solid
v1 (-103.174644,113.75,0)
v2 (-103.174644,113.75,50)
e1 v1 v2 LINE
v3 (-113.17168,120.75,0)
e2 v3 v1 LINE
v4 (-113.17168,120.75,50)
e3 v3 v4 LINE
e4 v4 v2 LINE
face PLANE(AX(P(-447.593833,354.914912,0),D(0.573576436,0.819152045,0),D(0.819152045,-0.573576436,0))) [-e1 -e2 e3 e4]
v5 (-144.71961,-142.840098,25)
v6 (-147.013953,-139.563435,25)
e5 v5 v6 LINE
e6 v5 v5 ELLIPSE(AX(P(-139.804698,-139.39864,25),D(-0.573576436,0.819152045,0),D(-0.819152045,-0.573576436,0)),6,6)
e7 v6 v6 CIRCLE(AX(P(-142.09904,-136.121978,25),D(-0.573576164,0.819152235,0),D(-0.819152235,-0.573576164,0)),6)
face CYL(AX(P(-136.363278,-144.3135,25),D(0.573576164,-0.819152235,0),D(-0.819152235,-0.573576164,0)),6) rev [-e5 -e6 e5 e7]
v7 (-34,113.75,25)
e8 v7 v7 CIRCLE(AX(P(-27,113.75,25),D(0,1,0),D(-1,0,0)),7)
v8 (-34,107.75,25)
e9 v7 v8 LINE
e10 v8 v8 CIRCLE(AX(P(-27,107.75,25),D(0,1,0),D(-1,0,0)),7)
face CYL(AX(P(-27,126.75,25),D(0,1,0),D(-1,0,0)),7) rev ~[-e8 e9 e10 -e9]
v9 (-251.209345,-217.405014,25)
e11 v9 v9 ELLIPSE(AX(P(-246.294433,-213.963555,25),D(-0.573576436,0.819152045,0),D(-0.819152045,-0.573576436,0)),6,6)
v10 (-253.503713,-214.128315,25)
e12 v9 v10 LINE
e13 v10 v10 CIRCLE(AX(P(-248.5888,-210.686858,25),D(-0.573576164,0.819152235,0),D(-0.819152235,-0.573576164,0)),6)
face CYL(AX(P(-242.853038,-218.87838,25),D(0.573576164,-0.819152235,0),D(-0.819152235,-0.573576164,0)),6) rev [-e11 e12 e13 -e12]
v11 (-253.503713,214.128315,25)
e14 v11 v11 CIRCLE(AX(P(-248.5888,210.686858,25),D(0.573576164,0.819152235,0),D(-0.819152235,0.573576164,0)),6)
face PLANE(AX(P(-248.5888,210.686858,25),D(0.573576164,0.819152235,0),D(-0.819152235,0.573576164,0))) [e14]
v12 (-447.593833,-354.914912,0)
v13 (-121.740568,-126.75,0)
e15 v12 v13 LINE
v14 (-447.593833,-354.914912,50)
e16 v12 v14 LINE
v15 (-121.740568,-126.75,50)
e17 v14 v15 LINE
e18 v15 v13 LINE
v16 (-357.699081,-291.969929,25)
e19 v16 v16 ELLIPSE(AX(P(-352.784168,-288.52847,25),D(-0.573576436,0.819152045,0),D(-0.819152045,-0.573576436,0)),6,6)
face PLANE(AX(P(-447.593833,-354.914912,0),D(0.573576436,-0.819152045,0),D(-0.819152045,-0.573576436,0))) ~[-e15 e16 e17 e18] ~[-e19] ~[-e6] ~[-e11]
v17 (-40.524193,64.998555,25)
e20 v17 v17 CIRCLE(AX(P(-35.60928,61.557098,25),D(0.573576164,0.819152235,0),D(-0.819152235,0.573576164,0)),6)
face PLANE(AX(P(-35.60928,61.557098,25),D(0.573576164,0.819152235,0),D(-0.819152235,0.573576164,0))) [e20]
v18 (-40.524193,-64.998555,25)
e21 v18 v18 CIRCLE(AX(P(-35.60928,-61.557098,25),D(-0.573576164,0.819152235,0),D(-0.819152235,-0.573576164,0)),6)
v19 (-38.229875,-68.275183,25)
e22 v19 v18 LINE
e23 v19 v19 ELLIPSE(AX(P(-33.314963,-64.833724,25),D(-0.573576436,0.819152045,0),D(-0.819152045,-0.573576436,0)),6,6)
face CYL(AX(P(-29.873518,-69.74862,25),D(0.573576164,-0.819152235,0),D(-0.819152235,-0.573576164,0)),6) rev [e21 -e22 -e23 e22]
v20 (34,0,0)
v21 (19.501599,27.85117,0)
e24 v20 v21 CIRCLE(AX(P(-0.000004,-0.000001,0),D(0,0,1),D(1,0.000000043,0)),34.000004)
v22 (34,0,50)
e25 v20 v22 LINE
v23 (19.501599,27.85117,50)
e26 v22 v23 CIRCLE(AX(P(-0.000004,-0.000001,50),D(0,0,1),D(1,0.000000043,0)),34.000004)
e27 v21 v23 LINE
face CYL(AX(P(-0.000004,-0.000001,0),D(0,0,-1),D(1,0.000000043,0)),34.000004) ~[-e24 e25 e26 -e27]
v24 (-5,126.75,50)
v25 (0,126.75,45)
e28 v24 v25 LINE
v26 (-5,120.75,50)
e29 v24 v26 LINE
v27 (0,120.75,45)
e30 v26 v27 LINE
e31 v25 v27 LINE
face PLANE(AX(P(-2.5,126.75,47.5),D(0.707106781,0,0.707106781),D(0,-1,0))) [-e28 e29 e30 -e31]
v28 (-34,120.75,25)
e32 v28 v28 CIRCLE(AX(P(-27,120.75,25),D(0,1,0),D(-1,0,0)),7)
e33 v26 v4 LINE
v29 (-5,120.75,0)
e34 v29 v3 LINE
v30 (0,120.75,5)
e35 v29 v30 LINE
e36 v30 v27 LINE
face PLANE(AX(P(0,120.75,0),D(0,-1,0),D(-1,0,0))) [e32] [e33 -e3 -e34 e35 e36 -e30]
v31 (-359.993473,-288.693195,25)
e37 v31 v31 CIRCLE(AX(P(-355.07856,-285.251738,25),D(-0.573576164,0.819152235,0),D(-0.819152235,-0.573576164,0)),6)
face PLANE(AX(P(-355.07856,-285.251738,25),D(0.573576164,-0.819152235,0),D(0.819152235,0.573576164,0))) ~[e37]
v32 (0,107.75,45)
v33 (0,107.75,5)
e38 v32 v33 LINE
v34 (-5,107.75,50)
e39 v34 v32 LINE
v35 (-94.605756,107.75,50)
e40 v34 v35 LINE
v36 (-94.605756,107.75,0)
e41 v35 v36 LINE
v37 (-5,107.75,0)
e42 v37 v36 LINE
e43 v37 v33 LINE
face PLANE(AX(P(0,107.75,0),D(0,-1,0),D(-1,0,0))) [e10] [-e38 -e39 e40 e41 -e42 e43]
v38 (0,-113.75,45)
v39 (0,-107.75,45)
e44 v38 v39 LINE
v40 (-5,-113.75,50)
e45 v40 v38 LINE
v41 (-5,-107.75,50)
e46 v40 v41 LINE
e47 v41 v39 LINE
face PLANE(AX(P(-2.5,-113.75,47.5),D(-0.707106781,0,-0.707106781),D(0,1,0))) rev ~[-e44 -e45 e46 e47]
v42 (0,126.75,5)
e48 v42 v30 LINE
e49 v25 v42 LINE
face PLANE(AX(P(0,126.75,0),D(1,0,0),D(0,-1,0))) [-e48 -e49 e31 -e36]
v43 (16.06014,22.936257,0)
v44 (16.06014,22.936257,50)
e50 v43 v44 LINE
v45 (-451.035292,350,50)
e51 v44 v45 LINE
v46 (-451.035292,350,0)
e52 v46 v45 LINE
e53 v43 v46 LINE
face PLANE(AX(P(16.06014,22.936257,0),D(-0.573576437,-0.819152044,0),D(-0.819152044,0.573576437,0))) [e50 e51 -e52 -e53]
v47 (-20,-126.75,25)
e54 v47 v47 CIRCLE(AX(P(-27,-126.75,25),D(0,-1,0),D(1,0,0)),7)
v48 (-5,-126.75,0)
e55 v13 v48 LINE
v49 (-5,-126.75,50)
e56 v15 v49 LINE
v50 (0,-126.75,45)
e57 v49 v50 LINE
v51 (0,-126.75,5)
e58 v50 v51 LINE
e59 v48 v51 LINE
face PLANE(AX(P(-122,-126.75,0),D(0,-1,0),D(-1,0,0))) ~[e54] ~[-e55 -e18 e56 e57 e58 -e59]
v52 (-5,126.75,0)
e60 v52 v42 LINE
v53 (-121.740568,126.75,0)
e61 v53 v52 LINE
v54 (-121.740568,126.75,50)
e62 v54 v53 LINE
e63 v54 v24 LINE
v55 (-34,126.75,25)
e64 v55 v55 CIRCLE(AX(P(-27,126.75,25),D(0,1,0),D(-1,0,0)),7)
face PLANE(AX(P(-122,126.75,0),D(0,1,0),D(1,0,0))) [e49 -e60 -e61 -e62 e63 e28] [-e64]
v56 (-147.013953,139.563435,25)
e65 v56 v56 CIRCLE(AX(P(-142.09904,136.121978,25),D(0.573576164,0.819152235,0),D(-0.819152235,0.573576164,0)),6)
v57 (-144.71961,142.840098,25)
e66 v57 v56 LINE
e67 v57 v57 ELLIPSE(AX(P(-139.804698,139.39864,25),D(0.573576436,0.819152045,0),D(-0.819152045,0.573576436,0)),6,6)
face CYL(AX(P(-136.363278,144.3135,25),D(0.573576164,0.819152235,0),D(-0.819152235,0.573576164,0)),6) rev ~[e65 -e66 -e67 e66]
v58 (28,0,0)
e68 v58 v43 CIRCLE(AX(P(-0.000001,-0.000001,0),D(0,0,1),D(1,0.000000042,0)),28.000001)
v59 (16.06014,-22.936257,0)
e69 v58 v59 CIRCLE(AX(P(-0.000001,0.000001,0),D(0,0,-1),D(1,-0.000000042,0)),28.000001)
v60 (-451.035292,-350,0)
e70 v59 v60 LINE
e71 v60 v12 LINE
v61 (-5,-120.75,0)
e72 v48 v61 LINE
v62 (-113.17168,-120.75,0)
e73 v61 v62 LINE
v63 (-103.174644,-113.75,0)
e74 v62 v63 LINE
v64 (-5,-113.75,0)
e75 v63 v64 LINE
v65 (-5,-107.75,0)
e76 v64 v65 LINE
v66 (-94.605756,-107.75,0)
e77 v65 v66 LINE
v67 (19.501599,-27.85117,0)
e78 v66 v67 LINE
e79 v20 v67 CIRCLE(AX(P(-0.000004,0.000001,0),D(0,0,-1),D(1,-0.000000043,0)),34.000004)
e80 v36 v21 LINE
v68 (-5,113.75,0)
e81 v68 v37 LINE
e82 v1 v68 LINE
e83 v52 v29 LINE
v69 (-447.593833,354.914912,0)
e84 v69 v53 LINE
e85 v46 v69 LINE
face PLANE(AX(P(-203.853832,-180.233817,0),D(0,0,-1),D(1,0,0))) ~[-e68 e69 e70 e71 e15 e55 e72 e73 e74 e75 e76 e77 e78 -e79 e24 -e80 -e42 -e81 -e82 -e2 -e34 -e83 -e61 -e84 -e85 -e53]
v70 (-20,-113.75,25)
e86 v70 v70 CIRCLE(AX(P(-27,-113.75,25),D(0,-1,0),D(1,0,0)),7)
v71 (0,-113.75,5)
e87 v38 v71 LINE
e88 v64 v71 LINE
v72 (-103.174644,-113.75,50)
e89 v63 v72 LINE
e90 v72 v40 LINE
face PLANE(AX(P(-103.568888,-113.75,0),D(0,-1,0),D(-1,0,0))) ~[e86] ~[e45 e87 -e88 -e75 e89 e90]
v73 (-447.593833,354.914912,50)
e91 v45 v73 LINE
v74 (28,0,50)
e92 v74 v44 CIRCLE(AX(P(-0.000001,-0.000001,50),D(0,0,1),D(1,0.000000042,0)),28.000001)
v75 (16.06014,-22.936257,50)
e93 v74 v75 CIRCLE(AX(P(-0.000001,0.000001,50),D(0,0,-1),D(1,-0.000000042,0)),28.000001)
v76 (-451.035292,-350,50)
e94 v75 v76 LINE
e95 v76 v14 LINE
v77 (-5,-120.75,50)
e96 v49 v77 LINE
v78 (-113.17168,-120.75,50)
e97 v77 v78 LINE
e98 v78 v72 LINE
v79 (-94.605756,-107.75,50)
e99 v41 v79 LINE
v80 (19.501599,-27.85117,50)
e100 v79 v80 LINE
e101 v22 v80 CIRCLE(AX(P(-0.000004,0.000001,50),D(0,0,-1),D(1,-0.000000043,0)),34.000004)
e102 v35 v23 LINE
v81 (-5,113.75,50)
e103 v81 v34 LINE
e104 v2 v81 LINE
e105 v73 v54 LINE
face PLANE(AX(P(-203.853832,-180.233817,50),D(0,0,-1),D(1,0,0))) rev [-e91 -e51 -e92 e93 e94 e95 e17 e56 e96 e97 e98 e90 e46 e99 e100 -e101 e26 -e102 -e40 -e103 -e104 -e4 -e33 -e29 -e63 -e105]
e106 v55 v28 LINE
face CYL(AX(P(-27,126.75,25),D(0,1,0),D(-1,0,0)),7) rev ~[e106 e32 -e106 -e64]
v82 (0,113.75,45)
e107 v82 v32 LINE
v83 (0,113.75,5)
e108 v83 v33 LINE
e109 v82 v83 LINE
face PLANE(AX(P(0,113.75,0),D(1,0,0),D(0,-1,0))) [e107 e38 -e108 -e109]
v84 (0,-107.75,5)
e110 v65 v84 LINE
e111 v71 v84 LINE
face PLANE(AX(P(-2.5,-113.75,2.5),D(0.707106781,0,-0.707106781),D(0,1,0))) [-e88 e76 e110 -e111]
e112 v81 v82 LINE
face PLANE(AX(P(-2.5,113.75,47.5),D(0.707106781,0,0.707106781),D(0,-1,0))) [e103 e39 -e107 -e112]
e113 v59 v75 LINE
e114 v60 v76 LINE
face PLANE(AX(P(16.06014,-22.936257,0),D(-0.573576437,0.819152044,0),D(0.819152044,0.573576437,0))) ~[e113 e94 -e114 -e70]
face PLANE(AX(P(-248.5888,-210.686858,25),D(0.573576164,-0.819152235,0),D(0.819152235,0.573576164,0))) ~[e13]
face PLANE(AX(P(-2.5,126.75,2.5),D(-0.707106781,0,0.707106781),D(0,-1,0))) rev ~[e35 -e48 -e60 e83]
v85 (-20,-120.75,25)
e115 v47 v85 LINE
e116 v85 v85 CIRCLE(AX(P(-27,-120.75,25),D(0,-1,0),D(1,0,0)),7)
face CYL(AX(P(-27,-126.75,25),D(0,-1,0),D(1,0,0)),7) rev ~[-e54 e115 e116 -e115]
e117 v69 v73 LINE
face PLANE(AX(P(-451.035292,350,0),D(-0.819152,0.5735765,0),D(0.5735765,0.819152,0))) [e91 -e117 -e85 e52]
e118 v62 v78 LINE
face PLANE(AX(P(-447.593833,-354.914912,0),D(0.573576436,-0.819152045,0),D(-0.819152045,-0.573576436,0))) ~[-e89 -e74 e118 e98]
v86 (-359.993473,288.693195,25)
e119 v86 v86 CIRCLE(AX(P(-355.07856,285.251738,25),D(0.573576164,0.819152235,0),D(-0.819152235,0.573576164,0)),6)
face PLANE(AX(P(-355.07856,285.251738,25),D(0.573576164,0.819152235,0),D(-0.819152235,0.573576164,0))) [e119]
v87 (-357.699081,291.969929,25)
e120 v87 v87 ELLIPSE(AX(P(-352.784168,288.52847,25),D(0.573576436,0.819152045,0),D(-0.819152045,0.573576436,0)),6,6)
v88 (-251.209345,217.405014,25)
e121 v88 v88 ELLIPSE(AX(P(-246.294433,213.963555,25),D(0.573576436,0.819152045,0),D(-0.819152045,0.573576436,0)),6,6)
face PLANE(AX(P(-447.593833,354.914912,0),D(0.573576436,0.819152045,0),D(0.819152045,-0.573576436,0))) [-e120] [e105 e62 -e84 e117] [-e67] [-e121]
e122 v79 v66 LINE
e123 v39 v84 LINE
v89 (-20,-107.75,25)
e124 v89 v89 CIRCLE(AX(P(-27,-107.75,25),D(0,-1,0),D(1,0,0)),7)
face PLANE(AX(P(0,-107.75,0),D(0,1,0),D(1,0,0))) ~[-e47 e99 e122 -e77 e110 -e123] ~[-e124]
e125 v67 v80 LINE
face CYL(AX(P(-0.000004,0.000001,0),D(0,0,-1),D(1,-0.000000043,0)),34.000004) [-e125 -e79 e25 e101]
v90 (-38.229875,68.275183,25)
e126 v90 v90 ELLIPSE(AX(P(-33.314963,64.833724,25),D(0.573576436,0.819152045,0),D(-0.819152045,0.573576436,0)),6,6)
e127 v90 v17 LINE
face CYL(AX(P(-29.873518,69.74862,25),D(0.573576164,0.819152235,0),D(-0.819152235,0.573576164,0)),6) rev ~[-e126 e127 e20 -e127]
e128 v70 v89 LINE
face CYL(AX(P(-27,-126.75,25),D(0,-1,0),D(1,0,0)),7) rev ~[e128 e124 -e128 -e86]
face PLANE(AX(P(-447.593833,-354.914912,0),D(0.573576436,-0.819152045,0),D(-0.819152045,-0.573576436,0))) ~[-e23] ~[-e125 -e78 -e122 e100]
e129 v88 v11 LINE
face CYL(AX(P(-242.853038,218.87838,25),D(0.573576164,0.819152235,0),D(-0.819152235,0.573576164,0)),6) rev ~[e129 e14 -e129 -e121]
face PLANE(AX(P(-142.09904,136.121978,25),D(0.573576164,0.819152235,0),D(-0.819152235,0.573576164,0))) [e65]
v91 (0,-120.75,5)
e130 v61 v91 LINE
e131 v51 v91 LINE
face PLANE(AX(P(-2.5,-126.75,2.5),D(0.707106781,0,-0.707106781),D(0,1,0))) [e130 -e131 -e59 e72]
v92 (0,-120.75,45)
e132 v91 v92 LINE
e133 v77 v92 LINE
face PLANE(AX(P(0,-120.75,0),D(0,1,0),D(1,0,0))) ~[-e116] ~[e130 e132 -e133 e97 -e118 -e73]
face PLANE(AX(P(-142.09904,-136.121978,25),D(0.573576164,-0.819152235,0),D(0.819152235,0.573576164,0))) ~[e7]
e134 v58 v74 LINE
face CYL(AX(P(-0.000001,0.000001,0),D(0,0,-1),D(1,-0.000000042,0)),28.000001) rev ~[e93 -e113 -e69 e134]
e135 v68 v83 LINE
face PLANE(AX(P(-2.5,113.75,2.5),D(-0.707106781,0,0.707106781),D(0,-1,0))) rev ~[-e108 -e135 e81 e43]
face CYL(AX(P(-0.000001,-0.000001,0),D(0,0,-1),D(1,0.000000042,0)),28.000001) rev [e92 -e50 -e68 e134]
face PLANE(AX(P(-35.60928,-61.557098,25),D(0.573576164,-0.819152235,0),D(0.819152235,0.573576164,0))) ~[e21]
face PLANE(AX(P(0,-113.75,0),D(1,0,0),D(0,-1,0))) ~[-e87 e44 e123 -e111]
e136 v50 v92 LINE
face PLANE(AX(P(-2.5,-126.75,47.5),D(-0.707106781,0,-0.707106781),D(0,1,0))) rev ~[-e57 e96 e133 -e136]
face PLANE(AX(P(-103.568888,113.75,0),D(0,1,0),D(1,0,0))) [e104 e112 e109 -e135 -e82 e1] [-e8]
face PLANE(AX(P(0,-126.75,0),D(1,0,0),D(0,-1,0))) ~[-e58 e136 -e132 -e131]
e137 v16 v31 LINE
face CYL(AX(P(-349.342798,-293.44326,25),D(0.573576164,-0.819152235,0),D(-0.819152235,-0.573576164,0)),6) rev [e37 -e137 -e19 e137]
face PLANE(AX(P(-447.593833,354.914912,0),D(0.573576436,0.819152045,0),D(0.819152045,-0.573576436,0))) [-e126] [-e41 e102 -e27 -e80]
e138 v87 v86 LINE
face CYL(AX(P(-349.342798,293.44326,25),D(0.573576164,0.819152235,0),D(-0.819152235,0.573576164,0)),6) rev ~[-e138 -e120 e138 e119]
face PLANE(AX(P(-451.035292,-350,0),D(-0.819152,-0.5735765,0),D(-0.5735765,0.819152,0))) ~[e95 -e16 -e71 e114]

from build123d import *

# Parameters (mm, degrees)
PAD_DEPTH           = 50
PAD001_DEPTH        = 50
SKETCH015_R         = 6
POCKET005_DEPTH     = 10
LINEARPATTERN_COUNT = 4
LINEARPATTERN_PITCH = 130
PAD007_DEPTH        = 10
CHAMFER_SIZE        = 5
SKETCH016_R         = 7
POCKET_DEPTH        = 20
SKETCH017_R         = 7
POCKET006_DEPTH     = 20


with BuildPart() as part:
    # Sketch → Pad (new body)
    with BuildSketch(Plane.XY):
        with BuildLine():
            Line((-447.593833, 354.914912), (19.501599, 27.85117))
            ThreePointArc((34, 0), (30.158368, 15.699453), (19.501599, 27.85117))
            Line((28, 0), (34, 0))
            ThreePointArc((28, 0), (24.836303, 12.928961), (16.06014, 22.936257))
            Line((16.06014, 22.936257), (-451.035292, 350))
            Line((-451.035292, 350), (-447.593833, 354.914912))
        make_face()
    extrude(amount=PAD_DEPTH)

    # Sketch001 → Pad001 (join)
    with BuildSketch(Plane.XY):
        Polygon((-95, 107.75), (-103.568888, 113.75), (0, 113.75), (0, 107.75), align=None)
        Polygon((-113.431112, 120.75), (-122, 126.75), (0, 126.75), (0, 120.75), align=None)
    extrude(amount=PAD001_DEPTH)

    # Sketch015 → Pocket005 (cut)
    with BuildSketch(Plane(origin=(22.943057, 32.766082, 0), x_dir=(-0.819152, 0.573576, 0), z_dir=(0.573576, 0.819152, 0))):
        with Locations((454.477006, 25)):
            Circle(SKETCH015_R)
    pocket005 = extrude(amount=-POCKET005_DEPTH, mode=Mode.SUBTRACT)

    # LinearPattern: Pocket005 ×4
    with Locations(*[Vector(0.819152, -0.573576, 0) * (i * LINEARPATTERN_PITCH) for i in range(1, LINEARPATTERN_COUNT)]):
        add(pocket005, mode=Mode.SUBTRACT)

    # Sketch001 → Pad007 (join)
    with BuildSketch(Plane.XY):
        Polygon((-95, 107.75), (-103.568888, 113.75), (0, 113.75), (0, 107.75), align=None)
        Polygon((-113.431112, 120.75), (-122, 126.75), (0, 126.75), (0, 120.75), align=None)
    extrude(amount=PAD007_DEPTH)

    # Mirrored: part across XZ


with BuildPart() as part_1:
    add(part.part)
    add(part.part.mirror(Plane.XZ))

    # Chamfer
    chamfer_edges = [part_1.edges().sort_by_distance(p)[0] for p in [
        (0, -110.75, 50),
        (0, -123.75, 50),
        (0, -123.75, 0),
        (0, -110.75, 0),
        (0, 123.75, 50),
        (0, 110.75, 50),
        (0, 110.75, 0),
        (0, 123.75, 0),
    ]]
    chamfer(chamfer_edges, length=CHAMFER_SIZE)

    # Sketch016 (on Face21 of Chamfer) → Pocket (cut)
    with BuildSketch(Plane.XZ.offset(126.75)):
        with Locations((-27, 25)):
            Circle(SKETCH016_R)
    extrude(amount=-POCKET_DEPTH, mode=Mode.SUBTRACT)

    # Sketch017 (on Face1 of Pocket) → Pocket006 (cut)
    with BuildSketch(Plane(origin=(0, 126.75, 0), x_dir=(-1, 0, 0), z_dir=(0, 1, 0))):
        with Locations((27, 25)):
            Circle(SKETCH017_R)
    extrude(amount=-POCKET006_DEPTH, mode=Mode.SUBTRACT)


solid = part_1.part
